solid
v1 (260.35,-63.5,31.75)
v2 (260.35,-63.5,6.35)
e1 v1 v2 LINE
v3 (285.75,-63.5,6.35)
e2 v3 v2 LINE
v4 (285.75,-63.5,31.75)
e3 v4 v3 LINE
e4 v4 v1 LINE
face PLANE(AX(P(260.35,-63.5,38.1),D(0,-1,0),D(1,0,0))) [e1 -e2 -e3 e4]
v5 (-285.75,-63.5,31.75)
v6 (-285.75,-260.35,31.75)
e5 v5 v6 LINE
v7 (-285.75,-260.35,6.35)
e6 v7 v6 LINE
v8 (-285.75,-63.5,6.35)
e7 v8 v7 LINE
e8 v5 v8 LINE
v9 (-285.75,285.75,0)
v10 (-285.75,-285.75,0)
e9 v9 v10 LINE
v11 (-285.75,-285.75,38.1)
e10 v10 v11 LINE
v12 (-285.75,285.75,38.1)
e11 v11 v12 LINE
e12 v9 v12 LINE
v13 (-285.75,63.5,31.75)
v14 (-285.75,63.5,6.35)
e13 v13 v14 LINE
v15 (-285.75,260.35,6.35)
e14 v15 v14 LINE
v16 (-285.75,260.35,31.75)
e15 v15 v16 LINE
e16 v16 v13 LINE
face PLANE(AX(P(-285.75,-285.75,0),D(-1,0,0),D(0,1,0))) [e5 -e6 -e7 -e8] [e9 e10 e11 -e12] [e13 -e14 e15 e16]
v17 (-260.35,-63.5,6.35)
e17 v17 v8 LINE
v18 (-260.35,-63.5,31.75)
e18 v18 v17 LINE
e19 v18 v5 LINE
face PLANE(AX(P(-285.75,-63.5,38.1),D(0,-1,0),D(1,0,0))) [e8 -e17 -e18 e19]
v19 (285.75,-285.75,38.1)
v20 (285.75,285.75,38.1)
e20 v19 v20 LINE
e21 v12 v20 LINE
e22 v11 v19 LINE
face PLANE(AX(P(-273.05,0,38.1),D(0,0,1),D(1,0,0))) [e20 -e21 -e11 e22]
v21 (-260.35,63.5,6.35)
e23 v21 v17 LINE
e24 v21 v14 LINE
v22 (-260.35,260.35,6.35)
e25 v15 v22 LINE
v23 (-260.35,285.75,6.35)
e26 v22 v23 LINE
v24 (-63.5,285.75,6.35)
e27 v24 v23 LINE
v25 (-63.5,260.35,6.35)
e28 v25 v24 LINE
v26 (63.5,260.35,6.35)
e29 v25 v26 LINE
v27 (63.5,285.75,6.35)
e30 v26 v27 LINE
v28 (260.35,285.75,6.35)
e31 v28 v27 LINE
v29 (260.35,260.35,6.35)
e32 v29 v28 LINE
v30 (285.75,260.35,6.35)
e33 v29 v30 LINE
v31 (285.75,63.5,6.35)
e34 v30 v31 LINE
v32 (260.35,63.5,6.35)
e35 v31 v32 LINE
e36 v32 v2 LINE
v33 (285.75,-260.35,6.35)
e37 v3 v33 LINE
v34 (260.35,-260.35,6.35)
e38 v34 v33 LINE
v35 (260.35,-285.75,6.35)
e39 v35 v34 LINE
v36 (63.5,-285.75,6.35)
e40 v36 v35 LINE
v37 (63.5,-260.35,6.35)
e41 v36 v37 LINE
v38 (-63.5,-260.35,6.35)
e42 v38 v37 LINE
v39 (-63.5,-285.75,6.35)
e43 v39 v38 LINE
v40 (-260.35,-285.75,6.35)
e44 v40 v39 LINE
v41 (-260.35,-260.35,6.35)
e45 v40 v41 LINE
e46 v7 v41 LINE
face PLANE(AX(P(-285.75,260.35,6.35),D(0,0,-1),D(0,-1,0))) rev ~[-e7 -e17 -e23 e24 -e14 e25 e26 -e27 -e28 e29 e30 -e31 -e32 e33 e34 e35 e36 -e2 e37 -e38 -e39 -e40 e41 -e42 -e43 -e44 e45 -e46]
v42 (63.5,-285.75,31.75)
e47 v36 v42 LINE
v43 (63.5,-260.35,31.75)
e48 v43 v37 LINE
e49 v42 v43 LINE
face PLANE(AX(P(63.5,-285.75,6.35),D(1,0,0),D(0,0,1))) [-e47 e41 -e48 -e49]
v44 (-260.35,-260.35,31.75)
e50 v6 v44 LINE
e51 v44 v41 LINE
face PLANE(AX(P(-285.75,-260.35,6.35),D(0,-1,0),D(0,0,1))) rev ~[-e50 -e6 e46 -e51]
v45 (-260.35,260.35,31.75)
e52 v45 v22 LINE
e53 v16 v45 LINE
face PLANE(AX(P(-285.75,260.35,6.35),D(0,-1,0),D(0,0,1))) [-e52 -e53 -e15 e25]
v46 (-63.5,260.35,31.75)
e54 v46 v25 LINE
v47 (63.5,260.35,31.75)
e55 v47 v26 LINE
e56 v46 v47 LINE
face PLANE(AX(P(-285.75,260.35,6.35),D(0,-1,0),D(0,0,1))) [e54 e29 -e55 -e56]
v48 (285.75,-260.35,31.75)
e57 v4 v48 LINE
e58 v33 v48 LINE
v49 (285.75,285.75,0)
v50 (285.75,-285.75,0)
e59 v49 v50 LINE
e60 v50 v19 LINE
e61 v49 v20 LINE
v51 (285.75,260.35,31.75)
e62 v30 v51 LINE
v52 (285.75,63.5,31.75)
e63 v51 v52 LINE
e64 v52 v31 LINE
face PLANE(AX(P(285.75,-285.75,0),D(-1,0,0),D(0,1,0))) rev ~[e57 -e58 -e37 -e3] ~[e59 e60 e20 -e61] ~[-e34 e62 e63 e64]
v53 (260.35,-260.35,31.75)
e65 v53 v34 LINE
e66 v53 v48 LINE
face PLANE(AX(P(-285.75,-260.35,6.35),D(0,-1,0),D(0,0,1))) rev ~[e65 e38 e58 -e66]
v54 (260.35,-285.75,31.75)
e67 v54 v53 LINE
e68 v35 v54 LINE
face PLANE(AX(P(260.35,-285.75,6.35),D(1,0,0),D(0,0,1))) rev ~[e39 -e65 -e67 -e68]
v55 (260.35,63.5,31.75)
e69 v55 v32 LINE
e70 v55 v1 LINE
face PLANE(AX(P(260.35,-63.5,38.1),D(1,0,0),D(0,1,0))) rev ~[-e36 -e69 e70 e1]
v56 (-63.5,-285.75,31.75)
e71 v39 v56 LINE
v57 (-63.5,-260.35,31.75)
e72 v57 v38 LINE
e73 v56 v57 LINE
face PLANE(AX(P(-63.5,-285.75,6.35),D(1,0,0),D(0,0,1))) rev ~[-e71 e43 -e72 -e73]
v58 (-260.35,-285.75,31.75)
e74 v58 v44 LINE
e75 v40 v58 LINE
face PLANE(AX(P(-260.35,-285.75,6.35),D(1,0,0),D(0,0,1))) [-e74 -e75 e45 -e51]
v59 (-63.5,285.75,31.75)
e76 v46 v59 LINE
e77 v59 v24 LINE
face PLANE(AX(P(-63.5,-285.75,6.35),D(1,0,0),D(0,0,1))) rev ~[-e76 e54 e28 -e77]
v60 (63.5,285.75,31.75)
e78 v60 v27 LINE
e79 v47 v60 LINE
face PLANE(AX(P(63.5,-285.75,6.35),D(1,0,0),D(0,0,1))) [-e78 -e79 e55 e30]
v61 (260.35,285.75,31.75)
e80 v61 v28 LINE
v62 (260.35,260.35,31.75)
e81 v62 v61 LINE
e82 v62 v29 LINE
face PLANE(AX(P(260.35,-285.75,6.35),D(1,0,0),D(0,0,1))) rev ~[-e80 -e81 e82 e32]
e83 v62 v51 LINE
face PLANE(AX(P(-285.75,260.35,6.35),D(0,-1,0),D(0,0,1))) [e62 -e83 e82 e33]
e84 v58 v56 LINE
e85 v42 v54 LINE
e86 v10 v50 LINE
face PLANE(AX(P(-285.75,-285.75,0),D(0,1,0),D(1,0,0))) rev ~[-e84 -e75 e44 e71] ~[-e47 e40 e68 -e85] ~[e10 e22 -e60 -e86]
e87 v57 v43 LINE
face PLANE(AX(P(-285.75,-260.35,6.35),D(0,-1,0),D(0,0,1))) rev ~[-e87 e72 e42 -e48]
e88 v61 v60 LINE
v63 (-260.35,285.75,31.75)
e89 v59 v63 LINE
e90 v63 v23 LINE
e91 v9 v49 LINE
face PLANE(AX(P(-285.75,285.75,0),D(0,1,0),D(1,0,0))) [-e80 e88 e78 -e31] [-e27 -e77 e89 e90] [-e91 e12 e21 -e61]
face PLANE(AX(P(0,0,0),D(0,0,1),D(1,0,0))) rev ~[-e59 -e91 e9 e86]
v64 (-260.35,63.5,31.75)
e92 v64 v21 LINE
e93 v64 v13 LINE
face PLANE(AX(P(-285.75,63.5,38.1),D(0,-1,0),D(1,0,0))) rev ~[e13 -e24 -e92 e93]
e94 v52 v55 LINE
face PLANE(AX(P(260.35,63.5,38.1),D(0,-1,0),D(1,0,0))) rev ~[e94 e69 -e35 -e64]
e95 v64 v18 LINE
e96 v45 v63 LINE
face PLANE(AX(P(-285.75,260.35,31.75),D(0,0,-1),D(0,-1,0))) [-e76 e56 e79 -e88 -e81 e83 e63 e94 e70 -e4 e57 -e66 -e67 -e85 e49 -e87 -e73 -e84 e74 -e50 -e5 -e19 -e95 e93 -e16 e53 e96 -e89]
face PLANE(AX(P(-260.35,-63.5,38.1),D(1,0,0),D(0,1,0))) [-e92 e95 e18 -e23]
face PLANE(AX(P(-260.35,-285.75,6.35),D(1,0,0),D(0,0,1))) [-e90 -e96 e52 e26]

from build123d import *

# Parameters (mm, degrees)
F0_W     = 571.5
F0_H     = 571.5
F1_DEPTH = 38.1
F2_W     = 196.85
F2_H     = 25.4
F3_DEPTH = 571.501
F4_W     = 520.7
F4_H     = 25.4
F5_DEPTH = 571.501
F6_W     = 25.4
F6_H     = 127
F7_DEPTH = 38.1


with BuildPart() as f1:
    # F0 (on Top) → F1 (new body)
    with BuildSketch(Plane.XY):
        Rectangle(F0_W, F0_H)
    extrude(amount=F1_DEPTH)

    # F2 (on face) → F3 (cut, through all)
    with BuildSketch(Plane.XZ.offset(285.75)):
        with Locations((-161.925, 19.05)):
            Rectangle(F2_W, F2_H)
        with Locations((161.925, 19.05)):
            Rectangle(F2_W, F2_H)
    extrude(amount=-F3_DEPTH, mode=Mode.SUBTRACT)

    # F4 (on face) → F5 (cut, through all)
    with BuildSketch(Plane(origin=(-285.75, 0, 0), x_dir=(0, -1, 0), z_dir=(-1, 0, 0))):
        with Locations((0, 19.05)):
            Rectangle(F4_W, F4_H)
    extrude(amount=-F5_DEPTH, mode=Mode.SUBTRACT)

    # F6 (on face) → F7 (join)
    with BuildSketch(Plane.XY.offset(38.1)):
        with Locations((-273.05, 0)):
            Rectangle(F6_W, F6_H)
        with Locations((273.05, 0)):
            Rectangle(F6_W, F6_H)
    extrude(amount=-F7_DEPTH)


solid = f1.part
